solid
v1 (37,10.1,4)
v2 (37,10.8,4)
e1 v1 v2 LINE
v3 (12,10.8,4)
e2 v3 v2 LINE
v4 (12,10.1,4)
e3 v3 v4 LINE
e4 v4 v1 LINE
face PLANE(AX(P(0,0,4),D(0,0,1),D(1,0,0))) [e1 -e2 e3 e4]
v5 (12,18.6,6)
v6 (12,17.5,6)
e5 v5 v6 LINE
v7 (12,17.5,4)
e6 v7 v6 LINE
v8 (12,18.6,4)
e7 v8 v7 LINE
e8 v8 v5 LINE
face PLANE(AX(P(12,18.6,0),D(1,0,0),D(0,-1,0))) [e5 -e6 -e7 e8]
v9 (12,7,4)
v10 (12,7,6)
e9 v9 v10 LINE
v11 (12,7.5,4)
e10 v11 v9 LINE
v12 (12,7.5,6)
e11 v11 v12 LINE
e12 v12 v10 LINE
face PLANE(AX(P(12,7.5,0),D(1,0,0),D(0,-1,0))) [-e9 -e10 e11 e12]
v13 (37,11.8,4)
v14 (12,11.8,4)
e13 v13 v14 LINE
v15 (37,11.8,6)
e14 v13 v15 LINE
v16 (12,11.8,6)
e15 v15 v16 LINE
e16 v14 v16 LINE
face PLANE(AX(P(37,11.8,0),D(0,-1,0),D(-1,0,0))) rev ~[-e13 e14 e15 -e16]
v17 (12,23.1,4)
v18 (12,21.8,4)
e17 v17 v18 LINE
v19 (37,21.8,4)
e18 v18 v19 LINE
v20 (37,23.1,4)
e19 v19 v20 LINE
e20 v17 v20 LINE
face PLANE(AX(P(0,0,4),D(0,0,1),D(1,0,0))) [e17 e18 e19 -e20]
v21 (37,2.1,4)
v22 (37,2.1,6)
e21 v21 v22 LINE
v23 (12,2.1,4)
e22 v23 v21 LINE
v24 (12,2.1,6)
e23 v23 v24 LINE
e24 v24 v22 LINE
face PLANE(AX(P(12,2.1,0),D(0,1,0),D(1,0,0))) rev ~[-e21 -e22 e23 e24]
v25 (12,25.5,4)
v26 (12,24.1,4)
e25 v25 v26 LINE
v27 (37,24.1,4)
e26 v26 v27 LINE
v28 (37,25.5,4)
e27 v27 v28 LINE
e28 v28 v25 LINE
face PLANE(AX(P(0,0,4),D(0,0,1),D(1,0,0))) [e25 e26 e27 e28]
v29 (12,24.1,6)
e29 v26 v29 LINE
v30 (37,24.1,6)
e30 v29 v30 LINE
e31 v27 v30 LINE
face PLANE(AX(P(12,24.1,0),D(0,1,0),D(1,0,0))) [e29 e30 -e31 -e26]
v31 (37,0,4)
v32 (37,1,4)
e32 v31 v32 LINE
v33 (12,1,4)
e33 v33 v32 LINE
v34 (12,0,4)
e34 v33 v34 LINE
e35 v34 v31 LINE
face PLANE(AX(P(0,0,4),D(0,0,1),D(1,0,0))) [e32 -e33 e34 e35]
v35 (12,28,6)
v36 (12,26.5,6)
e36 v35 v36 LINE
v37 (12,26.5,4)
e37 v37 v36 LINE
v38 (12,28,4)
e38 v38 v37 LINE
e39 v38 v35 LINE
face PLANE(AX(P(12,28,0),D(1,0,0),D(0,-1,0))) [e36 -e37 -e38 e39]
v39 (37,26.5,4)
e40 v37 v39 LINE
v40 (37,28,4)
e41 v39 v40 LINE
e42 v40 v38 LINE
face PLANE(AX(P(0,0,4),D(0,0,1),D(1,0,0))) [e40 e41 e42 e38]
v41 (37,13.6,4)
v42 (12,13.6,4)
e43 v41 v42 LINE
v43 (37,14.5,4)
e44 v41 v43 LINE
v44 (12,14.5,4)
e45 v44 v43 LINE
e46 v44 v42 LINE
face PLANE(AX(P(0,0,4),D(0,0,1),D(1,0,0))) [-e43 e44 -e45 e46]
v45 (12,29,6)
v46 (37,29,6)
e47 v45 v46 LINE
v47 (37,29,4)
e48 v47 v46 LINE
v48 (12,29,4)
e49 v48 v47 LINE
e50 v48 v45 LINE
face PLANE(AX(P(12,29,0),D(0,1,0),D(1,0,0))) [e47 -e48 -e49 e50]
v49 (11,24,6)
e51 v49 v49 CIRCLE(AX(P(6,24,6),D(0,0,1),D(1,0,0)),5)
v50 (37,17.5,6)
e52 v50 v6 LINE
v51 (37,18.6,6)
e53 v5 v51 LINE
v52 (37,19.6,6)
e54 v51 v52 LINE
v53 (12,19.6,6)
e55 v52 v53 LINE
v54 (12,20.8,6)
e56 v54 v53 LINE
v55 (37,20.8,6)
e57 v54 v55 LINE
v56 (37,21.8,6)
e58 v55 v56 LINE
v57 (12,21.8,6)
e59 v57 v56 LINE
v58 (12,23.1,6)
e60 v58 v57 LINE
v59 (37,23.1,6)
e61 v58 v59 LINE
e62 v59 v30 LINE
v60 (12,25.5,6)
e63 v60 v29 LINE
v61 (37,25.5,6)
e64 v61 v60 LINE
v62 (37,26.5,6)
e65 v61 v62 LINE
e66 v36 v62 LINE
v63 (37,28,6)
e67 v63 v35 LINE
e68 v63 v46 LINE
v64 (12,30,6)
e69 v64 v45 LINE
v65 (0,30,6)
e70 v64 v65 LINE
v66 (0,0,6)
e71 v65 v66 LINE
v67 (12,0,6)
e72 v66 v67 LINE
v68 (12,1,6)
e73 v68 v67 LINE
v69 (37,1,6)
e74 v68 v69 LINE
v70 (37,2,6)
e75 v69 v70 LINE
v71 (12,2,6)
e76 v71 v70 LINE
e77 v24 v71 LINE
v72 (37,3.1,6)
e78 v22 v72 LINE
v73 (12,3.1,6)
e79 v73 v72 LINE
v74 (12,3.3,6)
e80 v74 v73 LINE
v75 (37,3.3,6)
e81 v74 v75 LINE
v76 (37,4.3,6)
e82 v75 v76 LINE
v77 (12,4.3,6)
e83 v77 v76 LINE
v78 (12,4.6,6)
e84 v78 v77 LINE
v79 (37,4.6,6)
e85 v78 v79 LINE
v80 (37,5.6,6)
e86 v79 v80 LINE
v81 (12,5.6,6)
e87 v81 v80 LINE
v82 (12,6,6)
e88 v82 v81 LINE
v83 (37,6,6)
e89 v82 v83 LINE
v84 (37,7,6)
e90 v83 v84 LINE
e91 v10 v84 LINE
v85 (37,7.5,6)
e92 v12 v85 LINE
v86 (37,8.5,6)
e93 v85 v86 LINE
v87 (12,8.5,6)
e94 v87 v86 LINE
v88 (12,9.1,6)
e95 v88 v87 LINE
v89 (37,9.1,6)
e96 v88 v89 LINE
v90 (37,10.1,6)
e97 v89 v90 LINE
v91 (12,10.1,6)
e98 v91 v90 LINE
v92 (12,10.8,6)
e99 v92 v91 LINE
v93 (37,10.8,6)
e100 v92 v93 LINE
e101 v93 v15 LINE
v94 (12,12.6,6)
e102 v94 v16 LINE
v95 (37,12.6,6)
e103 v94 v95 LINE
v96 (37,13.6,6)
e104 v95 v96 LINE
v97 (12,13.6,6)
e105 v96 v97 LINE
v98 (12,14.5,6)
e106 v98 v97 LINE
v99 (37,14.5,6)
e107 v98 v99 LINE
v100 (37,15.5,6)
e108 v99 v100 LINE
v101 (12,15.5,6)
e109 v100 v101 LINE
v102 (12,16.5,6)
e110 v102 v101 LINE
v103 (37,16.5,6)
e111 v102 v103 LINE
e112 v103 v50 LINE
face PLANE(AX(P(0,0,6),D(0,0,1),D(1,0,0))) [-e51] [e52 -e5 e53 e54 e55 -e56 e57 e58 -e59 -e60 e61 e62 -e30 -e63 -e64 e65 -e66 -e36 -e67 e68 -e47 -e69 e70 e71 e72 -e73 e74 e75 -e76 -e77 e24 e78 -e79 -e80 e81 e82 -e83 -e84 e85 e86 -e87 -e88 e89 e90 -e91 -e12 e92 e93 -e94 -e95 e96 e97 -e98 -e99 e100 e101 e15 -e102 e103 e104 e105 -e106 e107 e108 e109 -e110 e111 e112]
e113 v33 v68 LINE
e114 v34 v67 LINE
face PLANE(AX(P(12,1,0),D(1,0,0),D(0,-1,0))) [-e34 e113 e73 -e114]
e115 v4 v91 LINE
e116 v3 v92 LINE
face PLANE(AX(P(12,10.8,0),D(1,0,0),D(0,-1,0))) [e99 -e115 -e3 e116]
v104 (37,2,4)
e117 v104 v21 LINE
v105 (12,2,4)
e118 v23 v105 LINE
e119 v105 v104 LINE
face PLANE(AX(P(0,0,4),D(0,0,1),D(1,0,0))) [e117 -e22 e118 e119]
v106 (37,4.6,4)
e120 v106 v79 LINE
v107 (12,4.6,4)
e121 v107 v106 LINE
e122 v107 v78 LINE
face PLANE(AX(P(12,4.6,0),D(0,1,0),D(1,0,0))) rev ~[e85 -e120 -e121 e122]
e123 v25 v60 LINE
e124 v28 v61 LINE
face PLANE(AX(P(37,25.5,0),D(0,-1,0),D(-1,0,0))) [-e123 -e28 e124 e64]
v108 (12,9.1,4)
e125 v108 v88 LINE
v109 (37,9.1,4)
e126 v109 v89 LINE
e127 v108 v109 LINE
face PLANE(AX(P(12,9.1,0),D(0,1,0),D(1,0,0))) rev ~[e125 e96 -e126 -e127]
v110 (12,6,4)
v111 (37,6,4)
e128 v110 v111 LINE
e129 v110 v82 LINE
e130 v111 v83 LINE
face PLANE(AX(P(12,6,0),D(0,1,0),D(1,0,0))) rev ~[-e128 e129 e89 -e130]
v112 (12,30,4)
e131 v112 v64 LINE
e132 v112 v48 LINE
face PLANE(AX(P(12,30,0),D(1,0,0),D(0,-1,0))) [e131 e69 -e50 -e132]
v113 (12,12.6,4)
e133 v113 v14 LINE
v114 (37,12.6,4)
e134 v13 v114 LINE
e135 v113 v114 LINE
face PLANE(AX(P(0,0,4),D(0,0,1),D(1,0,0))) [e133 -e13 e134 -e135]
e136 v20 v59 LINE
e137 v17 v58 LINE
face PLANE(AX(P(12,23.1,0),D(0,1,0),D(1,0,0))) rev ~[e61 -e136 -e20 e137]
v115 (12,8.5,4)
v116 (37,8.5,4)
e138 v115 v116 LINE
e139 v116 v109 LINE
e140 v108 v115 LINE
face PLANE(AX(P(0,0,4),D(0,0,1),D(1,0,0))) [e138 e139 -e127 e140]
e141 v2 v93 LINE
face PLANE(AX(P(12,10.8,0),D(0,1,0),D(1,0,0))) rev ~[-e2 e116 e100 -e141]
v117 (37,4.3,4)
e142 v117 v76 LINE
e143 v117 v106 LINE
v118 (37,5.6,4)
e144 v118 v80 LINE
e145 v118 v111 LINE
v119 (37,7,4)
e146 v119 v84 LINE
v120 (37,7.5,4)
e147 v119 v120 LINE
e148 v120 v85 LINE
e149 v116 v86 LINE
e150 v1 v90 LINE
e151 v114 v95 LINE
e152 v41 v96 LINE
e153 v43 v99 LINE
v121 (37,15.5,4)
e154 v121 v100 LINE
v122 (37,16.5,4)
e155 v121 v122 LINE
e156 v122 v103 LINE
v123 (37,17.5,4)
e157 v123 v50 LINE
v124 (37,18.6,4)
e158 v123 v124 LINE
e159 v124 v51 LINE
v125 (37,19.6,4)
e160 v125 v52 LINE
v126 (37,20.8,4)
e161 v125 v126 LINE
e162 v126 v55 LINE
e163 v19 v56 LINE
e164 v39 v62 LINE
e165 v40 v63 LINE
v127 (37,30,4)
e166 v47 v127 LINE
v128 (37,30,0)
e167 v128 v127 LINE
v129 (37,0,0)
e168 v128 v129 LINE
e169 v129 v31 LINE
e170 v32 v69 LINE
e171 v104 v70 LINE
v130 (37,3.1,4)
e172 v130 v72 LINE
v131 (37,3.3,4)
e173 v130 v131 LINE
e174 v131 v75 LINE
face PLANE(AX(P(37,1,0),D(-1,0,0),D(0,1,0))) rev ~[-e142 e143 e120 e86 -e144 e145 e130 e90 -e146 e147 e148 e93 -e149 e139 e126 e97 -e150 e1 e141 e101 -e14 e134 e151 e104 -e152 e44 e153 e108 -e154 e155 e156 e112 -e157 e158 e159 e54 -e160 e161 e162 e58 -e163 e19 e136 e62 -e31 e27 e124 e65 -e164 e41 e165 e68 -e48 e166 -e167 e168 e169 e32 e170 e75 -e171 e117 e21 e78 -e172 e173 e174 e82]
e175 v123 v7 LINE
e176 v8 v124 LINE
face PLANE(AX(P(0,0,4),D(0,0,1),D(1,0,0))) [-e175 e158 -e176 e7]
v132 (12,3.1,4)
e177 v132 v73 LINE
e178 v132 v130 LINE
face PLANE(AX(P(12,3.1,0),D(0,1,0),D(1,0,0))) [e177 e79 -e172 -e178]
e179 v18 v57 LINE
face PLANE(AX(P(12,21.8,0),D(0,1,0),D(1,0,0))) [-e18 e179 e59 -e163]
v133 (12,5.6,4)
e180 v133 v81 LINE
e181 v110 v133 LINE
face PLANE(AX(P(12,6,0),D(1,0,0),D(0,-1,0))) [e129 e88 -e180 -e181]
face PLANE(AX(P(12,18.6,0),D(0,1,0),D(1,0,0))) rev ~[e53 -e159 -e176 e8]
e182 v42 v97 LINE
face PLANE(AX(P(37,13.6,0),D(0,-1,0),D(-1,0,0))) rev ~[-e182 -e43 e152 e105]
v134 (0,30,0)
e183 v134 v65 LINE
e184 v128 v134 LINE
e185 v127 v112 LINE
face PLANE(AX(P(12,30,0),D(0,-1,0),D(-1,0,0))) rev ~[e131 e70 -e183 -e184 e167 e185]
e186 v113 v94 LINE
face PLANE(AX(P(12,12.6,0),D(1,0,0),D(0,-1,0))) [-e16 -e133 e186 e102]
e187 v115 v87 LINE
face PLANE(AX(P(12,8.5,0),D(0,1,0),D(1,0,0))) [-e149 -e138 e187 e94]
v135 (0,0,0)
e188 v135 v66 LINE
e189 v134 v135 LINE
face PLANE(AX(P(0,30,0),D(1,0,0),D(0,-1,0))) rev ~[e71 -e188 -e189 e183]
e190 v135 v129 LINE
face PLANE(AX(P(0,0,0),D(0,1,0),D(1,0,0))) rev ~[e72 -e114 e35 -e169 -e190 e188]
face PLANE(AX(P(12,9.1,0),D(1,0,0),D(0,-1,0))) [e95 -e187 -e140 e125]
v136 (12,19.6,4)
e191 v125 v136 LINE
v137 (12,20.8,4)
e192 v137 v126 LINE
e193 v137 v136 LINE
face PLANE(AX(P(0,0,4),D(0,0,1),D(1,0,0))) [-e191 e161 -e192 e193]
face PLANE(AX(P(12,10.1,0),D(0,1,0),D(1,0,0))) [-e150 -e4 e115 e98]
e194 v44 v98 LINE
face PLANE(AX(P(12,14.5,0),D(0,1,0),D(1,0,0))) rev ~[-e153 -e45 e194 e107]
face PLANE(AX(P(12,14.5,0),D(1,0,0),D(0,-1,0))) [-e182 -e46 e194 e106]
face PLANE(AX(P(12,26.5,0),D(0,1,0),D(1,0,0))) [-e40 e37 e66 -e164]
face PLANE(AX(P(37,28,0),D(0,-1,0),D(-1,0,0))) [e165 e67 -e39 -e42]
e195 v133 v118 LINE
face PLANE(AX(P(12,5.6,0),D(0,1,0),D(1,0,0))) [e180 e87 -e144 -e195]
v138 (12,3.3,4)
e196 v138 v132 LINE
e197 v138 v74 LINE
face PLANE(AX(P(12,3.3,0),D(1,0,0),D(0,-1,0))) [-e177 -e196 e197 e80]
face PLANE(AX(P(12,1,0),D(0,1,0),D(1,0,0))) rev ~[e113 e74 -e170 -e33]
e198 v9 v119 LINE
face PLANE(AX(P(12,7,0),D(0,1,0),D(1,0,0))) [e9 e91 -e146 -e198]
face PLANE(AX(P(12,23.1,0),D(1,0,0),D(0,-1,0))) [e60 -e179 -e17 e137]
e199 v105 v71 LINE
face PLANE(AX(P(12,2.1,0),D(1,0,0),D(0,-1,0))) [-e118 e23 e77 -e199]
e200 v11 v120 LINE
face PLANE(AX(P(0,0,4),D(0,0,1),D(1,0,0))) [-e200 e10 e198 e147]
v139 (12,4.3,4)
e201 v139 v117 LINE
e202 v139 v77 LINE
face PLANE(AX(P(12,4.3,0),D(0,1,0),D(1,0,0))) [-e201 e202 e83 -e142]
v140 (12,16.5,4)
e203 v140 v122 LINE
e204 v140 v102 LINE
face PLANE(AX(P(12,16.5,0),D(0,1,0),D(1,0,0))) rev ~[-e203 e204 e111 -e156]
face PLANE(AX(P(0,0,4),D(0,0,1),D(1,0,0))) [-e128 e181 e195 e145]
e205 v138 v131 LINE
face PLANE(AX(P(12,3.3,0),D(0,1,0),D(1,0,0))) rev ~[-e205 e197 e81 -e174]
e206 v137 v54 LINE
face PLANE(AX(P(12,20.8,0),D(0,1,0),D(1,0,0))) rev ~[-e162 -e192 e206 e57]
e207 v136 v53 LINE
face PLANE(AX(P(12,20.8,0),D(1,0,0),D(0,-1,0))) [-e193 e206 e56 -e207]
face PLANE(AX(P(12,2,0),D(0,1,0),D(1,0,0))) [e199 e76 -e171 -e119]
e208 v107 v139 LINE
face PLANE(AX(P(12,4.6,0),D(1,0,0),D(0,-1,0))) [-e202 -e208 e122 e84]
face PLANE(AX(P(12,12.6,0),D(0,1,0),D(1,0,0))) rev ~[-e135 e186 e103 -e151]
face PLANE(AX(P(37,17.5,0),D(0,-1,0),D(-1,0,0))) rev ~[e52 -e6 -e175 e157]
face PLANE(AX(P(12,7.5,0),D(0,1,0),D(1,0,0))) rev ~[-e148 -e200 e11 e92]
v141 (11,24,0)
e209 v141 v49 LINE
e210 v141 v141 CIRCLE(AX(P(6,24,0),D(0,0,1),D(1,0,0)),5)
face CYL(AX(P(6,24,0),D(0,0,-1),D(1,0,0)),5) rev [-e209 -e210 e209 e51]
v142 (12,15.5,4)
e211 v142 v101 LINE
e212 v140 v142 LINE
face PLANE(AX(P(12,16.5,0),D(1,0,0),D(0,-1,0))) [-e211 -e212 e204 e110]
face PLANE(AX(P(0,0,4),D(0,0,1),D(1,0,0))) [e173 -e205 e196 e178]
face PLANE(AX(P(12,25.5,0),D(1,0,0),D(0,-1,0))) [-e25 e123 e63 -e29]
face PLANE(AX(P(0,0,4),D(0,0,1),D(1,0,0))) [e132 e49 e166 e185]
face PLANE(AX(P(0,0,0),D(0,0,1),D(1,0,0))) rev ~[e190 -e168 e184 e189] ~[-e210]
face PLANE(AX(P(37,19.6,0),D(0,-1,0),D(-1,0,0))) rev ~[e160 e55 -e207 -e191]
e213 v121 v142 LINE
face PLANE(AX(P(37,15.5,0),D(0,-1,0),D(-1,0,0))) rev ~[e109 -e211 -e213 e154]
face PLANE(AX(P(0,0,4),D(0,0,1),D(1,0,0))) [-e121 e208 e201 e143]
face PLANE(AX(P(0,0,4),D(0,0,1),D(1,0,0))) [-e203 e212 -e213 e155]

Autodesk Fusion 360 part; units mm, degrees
sketch "Sketch1" plane through (0, 0, 0) normal (0, 0, 1) x (1, 0, 0)
  line L0 (0, 0) -> (37, 0)
  line L1 (37, 0) -> (37, 30)
  line L2 (37, 30) -> (0, 30)
  line L3 (0, 30) -> (0, 0)
  line L4 (12, 30) -> (12, 0) construction
  line L5 (12, 1) -> (37, 1)
  line L6 (12, 2) -> (37, 2)
  line L7 (12, 2.1) -> (37, 2.1)
  line L8 (12, 3.1) -> (37, 3.1)
  line L9 (12, 3.3) -> (37, 3.3)
  line L10 (12, 4.3) -> (37, 4.3)
  line L11 (12, 4.6) -> (37, 4.6)
  line L12 (12, 5.6) -> (37, 5.6)
  line L13 (12, 6) -> (37, 6)
  line L14 (12, 7) -> (37, 7)
  line L15 (12, 7.5) -> (37, 7.5)
  line L16 (12, 8.5) -> (37, 8.5)
  line L17 (12, 9.1) -> (37, 9.1)
  line L18 (12, 10.1) -> (37, 10.1)
  line L19 (12, 10.8) -> (37, 10.8)
  line L20 (37, 11.8) -> (12, 11.8)
  line L21 (12, 12.6) -> (37, 12.6)
  line L22 (37, 13.6) -> (12, 13.6)
  line L23 (12, 14.5) -> (37, 14.5)
  line L24 (37, 15.5) -> (12, 15.5)
  line L25 (12, 16.5) -> (37, 16.5)
  line L26 (37, 17.5) -> (12, 17.5)
  line L27 (12, 18.6) -> (37, 18.6)
  line L28 (37, 19.6) -> (12, 19.6)
  line L29 (12, 23.1) -> (37, 23.1)
  line L30 (12, 20.8) -> (37, 20.8)
  line L31 (12, 21.8) -> (37, 21.8)
  line L32 (12, 24.1) -> (37, 24.1)
  line L33 (37, 25.5) -> (12, 25.5)
  line L34 (12, 26.5) -> (37, 26.5)
  line L35 (37, 28) -> (12, 28)
  line L36 (12, 29) -> (37, 29)
  line L37 (12, 30) -> (12, 0)
  circle A0 centre (6, 24) radius 5
  dimension "d4" = 30
  dimension "d5" = 37
  dimension "d6" = 25
  dimension "d11" = 1
  dimension "d12" = 1
  dimension "d13" = 0.1
  dimension "d14" = 1
  dimension "d15" = 0.2
  dimension "d16" = 1
  dimension "d17" = 0.3
  dimension "d18" = 1
  dimension "d19" = 0.4
  dimension "d20" = 1
  dimension "d21" = 0.5
  dimension "d22" = 1
  dimension "d23" = 0.6
  dimension "d24" = 1
  dimension "d25" = 0.7
  dimension "d26" = 1
  dimension "d27" = 0.8
  dimension "d28" = 1
  dimension "d29" = 0.9
  dimension "d30" = 1
  dimension "d31" = 1
  dimension "d32" = 1
  dimension "d33" = 1.1
  dimension "d34" = 1
  dimension "d35" = 1.2
  dimension "d36" = 1
  dimension "d37" = 1.3
  dimension "d38" = 1
  dimension "d39" = 1.4
  dimension "d40" = 1
  dimension "d41" = 1.5
  dimension "d42" = 1
  dimension "d47" = 10
extrude "Extrude5" add sketch "Sketch1" along normal blind 6 contours L0 L2 L3 L37
extrude "Extrude6" add sketch "Sketch1" along normal blind 6 contours L1 L5 L6 L37 | L1 L35 L36 L37 | L1 L7 L8 L37 | L1 L33 L34 L37 | L1 L9 L10 L37 | L1 L29 L32 L37 | L1 L11 L12 L37 | L1 L30 L31 L37 | L1 L13 L14 L37 | L1 L27 L28 L37 | L1 L15 L16 L37 | L1 L25 L26 L37 | L1 L17 L18 L37 | L1 L23 L24 L37 | L1 L19 L20 L37 | L1 L21 L22 L37
extrude "Extrude7" add sketch "Sketch1" along normal blind 4 contours L0 L1 L5 L37 | L1 L2 L36 L37 | L1 L6 L7 L37 | L1 L34 L35 L37 | L1 L8 L9 L37 | L1 L32 L33 L37 | L1 L10 L11 L37 | L1 L29 L31 L37 | L1 L12 L13 L37 | L1 L28 L30 L37 | L1 L14 L15 L37 | L1 L26 L27 L37 | L1 L16 L17 L37 | L1 L24 L25 L37 | L1 L18 L19 L37 | L1 L22 L23 L37 | L1 L20 L21 L37
sketch "Sketch3" plane through (0, 0, 0) normal (0, -1, 0) x (1, 0, 0)
  line L0 (0, 0) -> (37, 0)
  line L1 (37, 0) -> (37, 4)
  line L2 (37, 4) -> (12, 4)
  line L3 (12, 4) -> (12, 6)
  line L4 (12, 6) -> (0, 6)
  line L5 (0, 6) -> (0, 0)
  line L6 (0, 3) -> (37, 3) construction
  line L7 (6, 0) -> (6, 6) construction
  circle A0 centre (6, 3) radius 1.6
  dimension "d60" = 6
  dimension "d61" = 3.2
extrude "Extrude8" [suppressed]
thread "Thread2" [suppressed]
equation "length = 37 mm"
equation "width = 30 mm"
equation "thickness = 6 mm"
equation "d4 = width"
equation "d5 = length"
equation "d6 = comb_length"
equation "comb_length = 25 mm"
equation "comb_height = 2 mm"
equation "comb_width = 1 mm"
equation "comb_spacing = 0.1 mm"
equation "d12 = comb_width"
equation "d13 = comb_spacing"
equation "d14 = comb_width"
equation "d15 = comb_spacing * 2"
equation "d16 = comb_width"
equation "d17 = comb_spacing * 3"
equation "d18 = comb_width"
equation "d19 = comb_spacing * 4"
equation "d20 = comb_width"
equation "d21 = comb_spacing * 5"
equation "d22 = comb_width"
equation "d23 = comb_spacing * 6"
equation "d24 = comb_width"
equation "d25 = comb_spacing * 7"
equation "d26 = comb_width"
equation "d27 = comb_spacing * 8"
equation "d28 = comb_width"
equation "d29 = comb_spacing * 9"
equation "d30 = comb_width"
equation "d31 = comb_spacing * 10"
equation "d32 = comb_width"
equation "d33 = comb_spacing * 11"
equation "d34 = comb_width"
equation "d35 = comb_spacing * 12"
equation "d36 = comb_width"
equation "d37 = comb_spacing * 13"
equation "d38 = comb_width"
equation "d39 = comb_spacing * 14"
equation "d40 = comb_width"
equation "d41 = comb_spacing * 15"
equation "d42 = comb_width"
equation "d54 = thickness"
equation "d56 = thickness"
equation "d58 = thickness - comb_height"
equation "d62 = -width"
